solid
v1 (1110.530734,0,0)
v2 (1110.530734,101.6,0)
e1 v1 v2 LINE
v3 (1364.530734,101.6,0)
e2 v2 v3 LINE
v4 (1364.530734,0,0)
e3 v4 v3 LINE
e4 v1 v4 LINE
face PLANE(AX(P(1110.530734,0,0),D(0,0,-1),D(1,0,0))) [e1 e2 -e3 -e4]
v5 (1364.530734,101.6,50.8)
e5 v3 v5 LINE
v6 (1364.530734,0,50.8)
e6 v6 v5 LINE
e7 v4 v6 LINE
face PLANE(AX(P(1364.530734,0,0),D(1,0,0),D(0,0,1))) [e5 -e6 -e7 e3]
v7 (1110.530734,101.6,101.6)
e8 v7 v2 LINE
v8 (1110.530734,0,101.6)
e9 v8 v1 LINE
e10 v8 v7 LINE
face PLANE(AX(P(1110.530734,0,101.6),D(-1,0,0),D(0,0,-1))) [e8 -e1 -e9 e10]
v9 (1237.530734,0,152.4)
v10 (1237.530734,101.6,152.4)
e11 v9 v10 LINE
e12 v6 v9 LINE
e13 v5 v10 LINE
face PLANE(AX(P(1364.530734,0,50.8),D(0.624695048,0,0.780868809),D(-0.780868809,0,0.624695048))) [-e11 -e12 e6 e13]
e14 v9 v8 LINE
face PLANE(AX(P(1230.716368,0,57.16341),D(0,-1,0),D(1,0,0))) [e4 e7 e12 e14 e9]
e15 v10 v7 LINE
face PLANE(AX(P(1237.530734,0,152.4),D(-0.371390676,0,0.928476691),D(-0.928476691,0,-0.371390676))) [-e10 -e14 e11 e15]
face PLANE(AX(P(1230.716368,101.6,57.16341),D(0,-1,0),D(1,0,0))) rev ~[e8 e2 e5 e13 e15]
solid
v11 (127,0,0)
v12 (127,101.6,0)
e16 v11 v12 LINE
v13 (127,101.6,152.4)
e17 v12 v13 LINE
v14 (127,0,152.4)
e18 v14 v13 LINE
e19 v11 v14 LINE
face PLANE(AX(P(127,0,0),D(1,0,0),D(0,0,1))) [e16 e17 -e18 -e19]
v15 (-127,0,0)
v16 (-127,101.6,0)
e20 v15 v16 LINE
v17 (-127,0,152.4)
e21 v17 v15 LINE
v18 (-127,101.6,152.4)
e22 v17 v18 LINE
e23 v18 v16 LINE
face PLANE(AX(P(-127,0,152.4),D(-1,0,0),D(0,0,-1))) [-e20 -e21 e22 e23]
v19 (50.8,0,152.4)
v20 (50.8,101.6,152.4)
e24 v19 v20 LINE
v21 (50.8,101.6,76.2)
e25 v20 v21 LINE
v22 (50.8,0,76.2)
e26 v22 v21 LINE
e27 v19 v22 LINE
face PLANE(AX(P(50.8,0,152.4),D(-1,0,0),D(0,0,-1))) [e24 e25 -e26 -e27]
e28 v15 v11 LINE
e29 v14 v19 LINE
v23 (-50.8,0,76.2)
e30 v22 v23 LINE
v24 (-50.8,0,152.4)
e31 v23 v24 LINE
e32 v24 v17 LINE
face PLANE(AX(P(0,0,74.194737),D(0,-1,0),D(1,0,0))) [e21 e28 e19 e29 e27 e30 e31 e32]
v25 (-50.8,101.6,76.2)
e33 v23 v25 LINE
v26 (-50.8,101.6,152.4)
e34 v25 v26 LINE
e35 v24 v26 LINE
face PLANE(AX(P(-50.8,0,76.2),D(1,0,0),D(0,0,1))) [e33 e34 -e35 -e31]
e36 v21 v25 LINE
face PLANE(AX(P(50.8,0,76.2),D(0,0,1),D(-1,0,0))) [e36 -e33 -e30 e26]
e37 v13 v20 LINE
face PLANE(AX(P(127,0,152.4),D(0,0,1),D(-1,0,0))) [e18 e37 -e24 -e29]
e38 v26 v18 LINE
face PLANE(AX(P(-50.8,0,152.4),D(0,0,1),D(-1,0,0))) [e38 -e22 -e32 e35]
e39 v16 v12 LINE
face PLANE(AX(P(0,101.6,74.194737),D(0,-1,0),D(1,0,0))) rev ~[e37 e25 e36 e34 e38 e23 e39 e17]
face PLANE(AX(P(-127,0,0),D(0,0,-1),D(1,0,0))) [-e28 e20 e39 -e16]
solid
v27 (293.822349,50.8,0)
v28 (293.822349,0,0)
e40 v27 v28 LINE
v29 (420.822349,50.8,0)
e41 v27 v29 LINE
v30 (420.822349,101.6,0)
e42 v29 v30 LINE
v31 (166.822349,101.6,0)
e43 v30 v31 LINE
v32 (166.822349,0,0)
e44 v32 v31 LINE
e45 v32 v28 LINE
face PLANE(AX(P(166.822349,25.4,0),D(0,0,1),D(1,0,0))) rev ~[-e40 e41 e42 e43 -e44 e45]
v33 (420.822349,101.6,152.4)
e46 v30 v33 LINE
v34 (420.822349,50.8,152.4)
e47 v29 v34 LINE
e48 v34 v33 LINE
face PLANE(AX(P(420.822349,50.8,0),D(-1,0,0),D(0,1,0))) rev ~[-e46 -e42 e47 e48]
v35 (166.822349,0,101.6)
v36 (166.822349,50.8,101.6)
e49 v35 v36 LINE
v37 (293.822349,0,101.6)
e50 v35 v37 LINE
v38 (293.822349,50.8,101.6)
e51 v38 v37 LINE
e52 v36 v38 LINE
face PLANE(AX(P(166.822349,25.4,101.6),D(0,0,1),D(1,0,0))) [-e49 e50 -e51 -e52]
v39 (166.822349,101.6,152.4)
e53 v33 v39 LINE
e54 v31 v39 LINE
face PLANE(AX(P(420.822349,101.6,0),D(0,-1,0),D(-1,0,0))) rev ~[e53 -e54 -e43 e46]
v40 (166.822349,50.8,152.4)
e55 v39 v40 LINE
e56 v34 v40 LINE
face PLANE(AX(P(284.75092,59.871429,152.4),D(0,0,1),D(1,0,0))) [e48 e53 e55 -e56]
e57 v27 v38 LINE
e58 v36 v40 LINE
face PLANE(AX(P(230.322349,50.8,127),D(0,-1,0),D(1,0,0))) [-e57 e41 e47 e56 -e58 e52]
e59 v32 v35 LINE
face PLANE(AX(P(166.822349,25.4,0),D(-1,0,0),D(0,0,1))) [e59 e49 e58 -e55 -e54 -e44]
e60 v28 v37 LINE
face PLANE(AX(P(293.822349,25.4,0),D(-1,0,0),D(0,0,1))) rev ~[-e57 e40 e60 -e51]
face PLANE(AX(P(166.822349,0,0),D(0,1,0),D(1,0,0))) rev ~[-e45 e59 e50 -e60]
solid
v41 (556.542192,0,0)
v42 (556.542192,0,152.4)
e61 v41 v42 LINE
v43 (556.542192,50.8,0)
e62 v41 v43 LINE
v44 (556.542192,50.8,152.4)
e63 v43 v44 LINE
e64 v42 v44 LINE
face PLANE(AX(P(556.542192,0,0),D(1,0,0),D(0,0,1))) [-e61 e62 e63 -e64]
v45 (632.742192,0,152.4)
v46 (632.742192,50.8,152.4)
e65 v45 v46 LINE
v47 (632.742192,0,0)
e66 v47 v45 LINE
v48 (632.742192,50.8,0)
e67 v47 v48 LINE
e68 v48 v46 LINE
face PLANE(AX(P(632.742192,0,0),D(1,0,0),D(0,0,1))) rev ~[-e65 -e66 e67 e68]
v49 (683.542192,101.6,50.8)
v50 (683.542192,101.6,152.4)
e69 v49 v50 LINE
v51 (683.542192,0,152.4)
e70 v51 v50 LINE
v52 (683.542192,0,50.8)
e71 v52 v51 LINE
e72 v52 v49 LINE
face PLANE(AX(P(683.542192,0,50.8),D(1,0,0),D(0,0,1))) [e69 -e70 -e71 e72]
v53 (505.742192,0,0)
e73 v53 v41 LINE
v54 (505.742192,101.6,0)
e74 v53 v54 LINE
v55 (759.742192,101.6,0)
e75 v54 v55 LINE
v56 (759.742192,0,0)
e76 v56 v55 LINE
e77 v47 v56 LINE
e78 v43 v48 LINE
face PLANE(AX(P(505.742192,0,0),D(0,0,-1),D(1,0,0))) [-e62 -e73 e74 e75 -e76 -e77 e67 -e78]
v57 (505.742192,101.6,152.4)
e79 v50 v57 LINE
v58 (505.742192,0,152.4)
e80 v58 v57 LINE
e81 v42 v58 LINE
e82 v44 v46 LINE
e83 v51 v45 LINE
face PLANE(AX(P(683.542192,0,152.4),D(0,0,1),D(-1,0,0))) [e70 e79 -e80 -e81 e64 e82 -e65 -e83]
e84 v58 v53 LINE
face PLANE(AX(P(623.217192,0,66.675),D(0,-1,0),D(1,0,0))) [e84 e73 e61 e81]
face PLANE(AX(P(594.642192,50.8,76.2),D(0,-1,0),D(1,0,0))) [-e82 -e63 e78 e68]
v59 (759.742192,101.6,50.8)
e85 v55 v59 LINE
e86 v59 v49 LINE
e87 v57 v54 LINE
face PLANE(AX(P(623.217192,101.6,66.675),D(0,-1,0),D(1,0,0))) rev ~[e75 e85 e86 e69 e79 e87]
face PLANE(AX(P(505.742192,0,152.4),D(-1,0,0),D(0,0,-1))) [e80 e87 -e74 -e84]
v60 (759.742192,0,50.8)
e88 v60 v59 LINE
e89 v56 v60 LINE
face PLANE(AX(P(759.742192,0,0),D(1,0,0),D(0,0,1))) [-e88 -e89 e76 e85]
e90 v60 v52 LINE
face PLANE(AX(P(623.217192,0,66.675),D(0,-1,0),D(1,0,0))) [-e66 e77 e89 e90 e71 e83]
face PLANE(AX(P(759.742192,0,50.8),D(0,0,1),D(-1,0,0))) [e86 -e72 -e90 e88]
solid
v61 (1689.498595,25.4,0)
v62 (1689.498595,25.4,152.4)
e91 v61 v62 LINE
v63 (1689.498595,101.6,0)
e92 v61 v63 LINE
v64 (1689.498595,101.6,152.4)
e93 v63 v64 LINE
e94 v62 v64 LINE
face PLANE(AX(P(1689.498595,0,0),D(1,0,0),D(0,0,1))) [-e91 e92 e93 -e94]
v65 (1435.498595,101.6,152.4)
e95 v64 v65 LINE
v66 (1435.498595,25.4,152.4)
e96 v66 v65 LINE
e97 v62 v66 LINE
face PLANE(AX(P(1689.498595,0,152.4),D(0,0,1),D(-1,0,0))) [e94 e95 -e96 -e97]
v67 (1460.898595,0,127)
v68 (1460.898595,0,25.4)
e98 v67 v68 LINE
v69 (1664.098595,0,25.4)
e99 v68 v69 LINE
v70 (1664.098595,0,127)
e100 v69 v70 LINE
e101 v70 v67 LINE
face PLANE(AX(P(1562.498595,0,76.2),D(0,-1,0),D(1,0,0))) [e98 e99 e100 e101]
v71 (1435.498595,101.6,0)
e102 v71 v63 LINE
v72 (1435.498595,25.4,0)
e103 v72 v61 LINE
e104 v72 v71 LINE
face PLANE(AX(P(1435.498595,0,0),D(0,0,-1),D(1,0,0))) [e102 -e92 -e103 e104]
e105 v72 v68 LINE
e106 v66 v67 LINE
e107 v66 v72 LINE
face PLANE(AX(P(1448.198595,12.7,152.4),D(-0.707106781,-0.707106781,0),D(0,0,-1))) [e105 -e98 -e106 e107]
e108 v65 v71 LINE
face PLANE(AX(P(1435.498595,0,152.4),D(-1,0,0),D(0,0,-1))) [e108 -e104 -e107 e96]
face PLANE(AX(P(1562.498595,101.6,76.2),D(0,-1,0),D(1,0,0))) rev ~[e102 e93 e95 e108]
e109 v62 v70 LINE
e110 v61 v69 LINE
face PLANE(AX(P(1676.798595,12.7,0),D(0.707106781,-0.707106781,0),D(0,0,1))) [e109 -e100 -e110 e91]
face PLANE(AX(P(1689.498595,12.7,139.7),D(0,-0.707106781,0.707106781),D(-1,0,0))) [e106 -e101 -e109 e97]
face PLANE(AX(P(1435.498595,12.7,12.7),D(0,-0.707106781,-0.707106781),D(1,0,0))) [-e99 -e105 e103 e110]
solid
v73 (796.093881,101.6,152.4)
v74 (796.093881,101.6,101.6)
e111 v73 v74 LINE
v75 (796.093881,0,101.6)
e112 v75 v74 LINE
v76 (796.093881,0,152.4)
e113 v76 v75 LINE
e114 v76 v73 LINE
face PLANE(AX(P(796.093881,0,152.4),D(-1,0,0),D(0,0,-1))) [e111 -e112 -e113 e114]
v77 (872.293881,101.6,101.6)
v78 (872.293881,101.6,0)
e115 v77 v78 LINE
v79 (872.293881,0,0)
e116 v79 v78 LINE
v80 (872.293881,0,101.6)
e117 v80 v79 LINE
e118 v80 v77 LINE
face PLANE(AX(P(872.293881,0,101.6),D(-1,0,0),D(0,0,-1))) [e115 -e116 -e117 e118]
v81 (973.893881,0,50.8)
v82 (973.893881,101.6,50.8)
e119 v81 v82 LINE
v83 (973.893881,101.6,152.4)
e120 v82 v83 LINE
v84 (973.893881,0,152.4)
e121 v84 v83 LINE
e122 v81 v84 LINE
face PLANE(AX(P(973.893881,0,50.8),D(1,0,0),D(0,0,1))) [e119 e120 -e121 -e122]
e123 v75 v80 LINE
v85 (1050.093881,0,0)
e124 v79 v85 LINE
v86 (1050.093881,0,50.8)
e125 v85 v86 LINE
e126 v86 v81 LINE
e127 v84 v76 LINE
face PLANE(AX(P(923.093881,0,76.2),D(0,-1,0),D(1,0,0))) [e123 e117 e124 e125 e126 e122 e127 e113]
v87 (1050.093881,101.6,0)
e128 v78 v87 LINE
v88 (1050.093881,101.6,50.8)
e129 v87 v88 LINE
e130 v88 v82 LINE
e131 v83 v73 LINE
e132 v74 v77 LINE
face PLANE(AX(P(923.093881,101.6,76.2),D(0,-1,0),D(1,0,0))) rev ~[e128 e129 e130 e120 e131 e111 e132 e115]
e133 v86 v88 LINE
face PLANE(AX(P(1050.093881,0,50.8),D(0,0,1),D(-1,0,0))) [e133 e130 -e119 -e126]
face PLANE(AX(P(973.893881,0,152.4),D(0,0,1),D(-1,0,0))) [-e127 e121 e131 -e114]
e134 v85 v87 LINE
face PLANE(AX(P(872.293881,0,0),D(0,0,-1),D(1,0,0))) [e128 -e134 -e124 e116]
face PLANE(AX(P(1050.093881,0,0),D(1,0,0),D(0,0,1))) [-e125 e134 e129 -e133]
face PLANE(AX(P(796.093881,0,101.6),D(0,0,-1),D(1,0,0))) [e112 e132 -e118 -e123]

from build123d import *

# Parameters (mm, degrees)
F1_DEPTH  = 101.6
F3_DEPTH  = 152.4
F4_DEPTH  = 25.4
F5_W      = 127
F5_H      = 50.8
F6_DEPTH  = 25.4
F7_DEPTH  = 25.4
F9_DEPTH  = 101.6
F10_W     = 76.2
F10_H     = 152.4
F11_DEPTH = 50.8
F13_DEPTH = 101.6
F15_DEPTH = 101.6
F16_W     = 203.2
F16_H     = 101.6
F17_DEPTH = 101.6
F18_SIZE  = 25.4


with BuildPart() as f1:
    # F0 (on Front) → F1 (new body)
    with BuildSketch(Plane.XZ):
        Polygon((-127, 0), (0, 0), (127, 0), (127, 152.4), (50.8, 152.4), (50.8, 76.2), (-50.8, 76.2), (-50.8, 152.4), (-127, 152.4), align=None)
    extrude(amount=-F1_DEPTH)


with BuildPart() as f3:
    # F2 (on Top) → F3 (new body)
    with BuildSketch(Plane.XY):
        Polygon((166.8223488978, 101.6), (166.8223488978, 0), (293.8223488978, 0), (293.8223488978, 50.8), (420.8223488978, 50.8), (420.8223488978, 101.6), align=None)
    extrude(amount=F3_DEPTH)

    # F4 (cut): a face of the model
    f4_faces = [f3.faces().sort_by_distance(p)[0] for p in [
        (230.3223488978, 0, 76.2),
    ]]
    extrude(f4_faces, amount=-F4_DEPTH, mode=Mode.SUBTRACT)

    # F5 (on face) → F6 (cut)
    with BuildSketch(Plane.XZ.offset(-25.4)):
        with Locations((230.3223488978, 127)):
            Rectangle(F5_W, F5_H)
    extrude(amount=-F6_DEPTH, mode=Mode.SUBTRACT)

    # F7 (add): a face of the model
    f7_faces = [f3.faces().sort_by_distance(p)[0] for p in [
        (230.3223488978, 25.4, 50.8),
    ]]
    extrude(f7_faces, amount=F7_DEPTH)


with BuildPart() as f9:
    # F8 (on Front) → F9 (new body)
    with BuildSketch(Plane.XZ):
        Polygon((505.7421922684, 152.4), (505.7421922684, 0), (759.7421922684, 0), (759.7421922684, 50.8), (683.5421922684, 50.8), (683.5421922684, 152.4), align=None)
    extrude(amount=-F9_DEPTH)

    # F10 (on face) → F11 (cut)
    with BuildSketch(Plane.XZ):
        with Locations((594.6421922684, 76.2)):
            Rectangle(F10_W, F10_H)
    extrude(amount=-F11_DEPTH, mode=Mode.SUBTRACT)


with BuildPart() as f13:
    # F12 (on Front) → F13 (new body)
    with BuildSketch(Plane.XZ):
        Polygon((973.8938811302, 152.4), (796.0938811302, 152.4), (796.0938811302, 101.6), (872.2938811302, 101.6), (872.2938811302, 0), (1050.0938811302, 0), (1050.0938811302, 50.8), (973.8938811302, 50.8), align=None)
    extrude(amount=-F13_DEPTH)


with BuildPart() as f15:
    # F14 (on Front) → F15 (new body)
    with BuildSketch(Plane.XZ):
        Polygon((1110.5307340622, 101.6), (1110.5307340622, 0), (1237.5307340622, 0), (1364.5307340622, 0), (1364.5307340622, 50.8), (1237.5307340622, 152.4), align=None)
    extrude(amount=-F15_DEPTH)


with BuildPart() as f17:
    # F16 (on Front) → F17 (new body)
    with BuildSketch(Plane.XZ):
        Polygon((1435.4985952377, 152.4), (1435.4985952377, 0), (1460.8985952377, 0), (1689.4985952377, 0), (1689.4985952377, 152.4), align=None)
        with Locations((1562.4985952377, 76.2)):
            Rectangle(F16_W, F16_H, mode=Mode.SUBTRACT)
        with Locations((1562.4985952377, 76.2)):
            Rectangle(F16_W, F16_H)
    extrude(amount=-F17_DEPTH)

    # F18
    f18_edges = [f17.edges().sort_by_distance(p)[0] for p in [
        (1435.498595, 0, 76.2),
        (1562.498595, 0, 0),
        (1689.498595, 0, 76.2),
        (1562.498595, 0, 152.4),
    ]]
    chamfer(f18_edges, length=F18_SIZE)


solid = Compound([f1.part, f3.part, f9.part, f13.part, f15.part, f17.part])
